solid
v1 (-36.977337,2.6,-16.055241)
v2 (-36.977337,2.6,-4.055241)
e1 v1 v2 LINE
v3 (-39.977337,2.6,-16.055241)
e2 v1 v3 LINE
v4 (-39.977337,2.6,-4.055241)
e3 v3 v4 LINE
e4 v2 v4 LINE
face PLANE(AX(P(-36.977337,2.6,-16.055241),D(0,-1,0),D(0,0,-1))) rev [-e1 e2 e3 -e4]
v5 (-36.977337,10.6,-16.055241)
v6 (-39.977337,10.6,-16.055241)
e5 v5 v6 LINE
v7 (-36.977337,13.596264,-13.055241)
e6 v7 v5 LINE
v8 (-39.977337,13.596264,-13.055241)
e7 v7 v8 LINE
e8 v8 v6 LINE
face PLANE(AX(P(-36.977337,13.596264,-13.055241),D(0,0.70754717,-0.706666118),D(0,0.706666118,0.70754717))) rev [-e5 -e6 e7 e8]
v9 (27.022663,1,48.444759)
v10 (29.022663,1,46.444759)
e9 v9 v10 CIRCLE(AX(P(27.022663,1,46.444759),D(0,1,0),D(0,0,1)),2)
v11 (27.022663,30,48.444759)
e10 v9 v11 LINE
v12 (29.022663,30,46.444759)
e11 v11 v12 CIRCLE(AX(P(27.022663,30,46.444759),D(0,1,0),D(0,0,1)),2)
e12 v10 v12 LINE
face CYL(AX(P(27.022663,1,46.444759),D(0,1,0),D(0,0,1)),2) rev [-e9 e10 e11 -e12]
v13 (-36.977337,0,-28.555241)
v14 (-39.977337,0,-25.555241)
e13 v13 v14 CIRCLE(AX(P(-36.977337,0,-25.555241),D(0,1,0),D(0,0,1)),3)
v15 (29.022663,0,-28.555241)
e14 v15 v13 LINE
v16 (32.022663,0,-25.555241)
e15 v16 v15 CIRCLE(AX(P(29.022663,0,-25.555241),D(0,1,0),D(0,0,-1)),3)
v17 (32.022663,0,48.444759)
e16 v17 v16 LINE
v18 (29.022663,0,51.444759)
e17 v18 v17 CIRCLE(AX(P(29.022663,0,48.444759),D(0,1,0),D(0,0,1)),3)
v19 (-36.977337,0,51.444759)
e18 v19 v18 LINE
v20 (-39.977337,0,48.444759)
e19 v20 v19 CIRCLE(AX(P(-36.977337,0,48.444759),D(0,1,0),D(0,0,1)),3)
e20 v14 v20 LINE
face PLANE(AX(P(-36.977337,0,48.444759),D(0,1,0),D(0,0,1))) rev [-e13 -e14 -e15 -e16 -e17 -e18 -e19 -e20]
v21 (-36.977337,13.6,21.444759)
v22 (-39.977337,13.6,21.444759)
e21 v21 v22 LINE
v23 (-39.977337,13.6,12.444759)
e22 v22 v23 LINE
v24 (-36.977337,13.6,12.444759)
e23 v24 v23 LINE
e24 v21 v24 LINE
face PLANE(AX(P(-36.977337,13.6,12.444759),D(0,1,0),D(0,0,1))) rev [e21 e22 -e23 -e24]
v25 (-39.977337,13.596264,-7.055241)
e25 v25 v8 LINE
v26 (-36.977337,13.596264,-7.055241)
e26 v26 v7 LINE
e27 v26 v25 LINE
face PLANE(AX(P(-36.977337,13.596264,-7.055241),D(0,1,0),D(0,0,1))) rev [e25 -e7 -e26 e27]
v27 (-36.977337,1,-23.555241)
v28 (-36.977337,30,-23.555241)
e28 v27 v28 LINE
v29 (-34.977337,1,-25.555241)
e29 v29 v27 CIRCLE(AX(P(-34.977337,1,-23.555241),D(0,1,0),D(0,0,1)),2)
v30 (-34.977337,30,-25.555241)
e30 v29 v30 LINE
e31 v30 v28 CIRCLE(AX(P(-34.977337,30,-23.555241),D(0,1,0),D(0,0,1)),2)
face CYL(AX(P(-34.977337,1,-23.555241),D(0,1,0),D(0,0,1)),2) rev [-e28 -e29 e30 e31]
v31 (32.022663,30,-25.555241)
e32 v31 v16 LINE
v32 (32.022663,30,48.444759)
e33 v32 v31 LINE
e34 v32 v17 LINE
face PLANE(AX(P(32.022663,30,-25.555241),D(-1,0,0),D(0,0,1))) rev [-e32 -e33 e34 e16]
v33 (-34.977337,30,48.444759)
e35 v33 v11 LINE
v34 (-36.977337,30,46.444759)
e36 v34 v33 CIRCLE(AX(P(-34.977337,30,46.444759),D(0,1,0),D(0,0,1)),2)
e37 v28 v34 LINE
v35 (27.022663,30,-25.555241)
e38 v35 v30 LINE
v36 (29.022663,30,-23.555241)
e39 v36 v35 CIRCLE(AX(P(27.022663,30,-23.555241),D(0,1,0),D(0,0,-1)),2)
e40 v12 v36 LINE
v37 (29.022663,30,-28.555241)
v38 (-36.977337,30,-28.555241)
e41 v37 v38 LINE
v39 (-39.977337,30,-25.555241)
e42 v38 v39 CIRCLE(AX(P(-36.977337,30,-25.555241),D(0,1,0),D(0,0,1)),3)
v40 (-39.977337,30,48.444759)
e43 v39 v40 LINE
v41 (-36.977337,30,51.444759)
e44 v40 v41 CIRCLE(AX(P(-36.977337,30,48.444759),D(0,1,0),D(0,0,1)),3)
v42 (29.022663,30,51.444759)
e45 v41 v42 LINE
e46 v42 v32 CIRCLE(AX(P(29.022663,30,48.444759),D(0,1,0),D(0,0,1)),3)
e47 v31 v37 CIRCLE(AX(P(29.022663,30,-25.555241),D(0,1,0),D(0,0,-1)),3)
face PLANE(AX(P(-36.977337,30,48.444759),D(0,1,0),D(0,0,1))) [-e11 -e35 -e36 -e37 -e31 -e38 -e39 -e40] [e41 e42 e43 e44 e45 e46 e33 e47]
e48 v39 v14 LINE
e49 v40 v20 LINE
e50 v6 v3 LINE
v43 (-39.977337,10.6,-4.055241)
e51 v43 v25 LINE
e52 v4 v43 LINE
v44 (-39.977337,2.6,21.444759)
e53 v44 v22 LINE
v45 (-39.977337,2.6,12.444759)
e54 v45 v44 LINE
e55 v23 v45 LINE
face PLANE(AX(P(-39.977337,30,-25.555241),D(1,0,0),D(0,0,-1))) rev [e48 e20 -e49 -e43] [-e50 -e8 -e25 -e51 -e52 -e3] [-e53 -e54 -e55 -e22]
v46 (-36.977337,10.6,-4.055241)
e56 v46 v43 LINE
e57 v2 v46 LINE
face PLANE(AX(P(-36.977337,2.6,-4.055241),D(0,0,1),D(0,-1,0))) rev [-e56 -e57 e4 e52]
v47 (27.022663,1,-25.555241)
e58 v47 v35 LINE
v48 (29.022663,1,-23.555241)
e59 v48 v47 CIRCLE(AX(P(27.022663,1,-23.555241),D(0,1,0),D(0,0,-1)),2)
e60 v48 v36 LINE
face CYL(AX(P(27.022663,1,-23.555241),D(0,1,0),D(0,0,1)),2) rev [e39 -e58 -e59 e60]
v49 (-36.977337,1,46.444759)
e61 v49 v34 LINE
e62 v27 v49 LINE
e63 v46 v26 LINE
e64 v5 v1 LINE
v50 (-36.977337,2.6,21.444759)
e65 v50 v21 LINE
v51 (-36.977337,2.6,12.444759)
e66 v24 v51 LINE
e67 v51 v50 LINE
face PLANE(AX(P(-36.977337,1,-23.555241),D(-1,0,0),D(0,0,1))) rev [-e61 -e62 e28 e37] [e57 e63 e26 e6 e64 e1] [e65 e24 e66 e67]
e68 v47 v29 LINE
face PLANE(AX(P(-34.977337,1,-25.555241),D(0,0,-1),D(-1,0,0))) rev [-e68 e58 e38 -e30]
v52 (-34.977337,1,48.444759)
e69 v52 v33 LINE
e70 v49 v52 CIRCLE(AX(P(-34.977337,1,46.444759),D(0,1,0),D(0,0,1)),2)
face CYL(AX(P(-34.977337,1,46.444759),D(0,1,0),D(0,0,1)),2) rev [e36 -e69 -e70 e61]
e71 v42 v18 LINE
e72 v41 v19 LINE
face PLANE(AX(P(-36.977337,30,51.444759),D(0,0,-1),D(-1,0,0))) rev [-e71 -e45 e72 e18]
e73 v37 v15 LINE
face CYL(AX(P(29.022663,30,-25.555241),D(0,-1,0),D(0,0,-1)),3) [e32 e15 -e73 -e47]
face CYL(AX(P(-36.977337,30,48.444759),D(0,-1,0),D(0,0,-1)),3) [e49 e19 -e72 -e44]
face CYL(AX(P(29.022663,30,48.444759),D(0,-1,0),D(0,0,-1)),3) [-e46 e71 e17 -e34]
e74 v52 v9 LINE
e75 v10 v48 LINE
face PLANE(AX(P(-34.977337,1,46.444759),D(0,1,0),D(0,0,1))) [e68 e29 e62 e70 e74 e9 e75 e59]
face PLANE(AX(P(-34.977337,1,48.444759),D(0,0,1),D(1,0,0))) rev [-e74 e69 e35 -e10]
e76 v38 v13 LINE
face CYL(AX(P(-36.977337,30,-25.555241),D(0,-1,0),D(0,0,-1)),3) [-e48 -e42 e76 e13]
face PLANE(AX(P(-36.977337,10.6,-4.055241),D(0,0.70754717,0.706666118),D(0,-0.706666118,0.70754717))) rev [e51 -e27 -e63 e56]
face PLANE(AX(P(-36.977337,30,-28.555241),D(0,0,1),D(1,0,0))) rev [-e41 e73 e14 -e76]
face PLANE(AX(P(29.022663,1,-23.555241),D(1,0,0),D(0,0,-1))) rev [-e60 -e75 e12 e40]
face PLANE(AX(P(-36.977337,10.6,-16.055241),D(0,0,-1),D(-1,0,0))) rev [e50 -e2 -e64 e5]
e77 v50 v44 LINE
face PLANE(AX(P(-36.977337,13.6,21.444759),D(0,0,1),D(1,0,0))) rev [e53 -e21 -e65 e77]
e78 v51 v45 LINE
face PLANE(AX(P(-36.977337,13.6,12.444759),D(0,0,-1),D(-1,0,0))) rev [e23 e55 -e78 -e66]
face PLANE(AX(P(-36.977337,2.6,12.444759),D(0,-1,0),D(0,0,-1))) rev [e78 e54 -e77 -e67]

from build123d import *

# Parameters (mm, degrees)
BOSS_EXTRUDE1_DEPTH = 30
CUT_EXTRUDE1_DEPTH  = 29
CUT_EXTRUDE3_DEPTH  = 10
SKETCH6_W           = 27.115913197
SKETCH6_H           = 16.602687323
BOSS_EXTRUDE2_DEPTH = 3
SKETCH7_W           = 8.89
SKETCH7_H           = 10.922
CUT_EXTRUDE4_DEPTH  = 6350
BOSS_EXTRUDE3_START = -3
SKETCH8_W           = 8.89
SKETCH8_H           = 10.922
BOSS_EXTRUDE3_DEPTH = 3
BOSS_EXTRUDE4_START = -3
SKETCH9_W           = 8.89
SKETCH9_H           = 10.922
BOSS_EXTRUDE4_DEPTH = 3
SKETCH12_W          = 9
SKETCH12_H          = 11
CUT_EXTRUDE6_DEPTH  = 3


with BuildPart() as part:
    # Sketch2 → Boss-Extrude1 (new body)
    with BuildSketch(Plane(origin=(0, 0, 0), x_dir=(1, 0, 0), z_dir=(0, 1, 0))):
        with BuildLine():
            Line((-36.97733711, 28.555240793), (29.02266289, 28.555240793))
            ThreePointArc((29.02266289, 28.555240793), (31.143983233, 27.676561137), (32.02266289, 25.555240793))
            Line((32.02266289, 25.555240793), (32.02266289, -48.444759207))
            ThreePointArc((32.02266289, -48.444759207), (31.143983233, -50.56607955), (29.02266289, -51.444759207))
            Line((29.02266289, -51.444759207), (-36.97733711, -51.444759207))
            ThreePointArc((-36.97733711, -51.444759207), (-39.098657454, -50.56607955), (-39.97733711, -48.444759207))
            Line((-39.97733711, -48.444759207), (-39.97733711, 25.555240793))
            ThreePointArc((-39.97733711, 25.555240793), (-39.098657454, 27.676561137), (-36.97733711, 28.555240793))
        make_face()
    extrude(amount=BOSS_EXTRUDE1_DEPTH)

    # Sketch3 → Cut-Extrude1 (cut)
    with BuildSketch(Plane(origin=(0, 30, 0), x_dir=(1, 0, 0), z_dir=(0, 1, 0))):
        with BuildLine():
            Line((-34.97733711, 25.555240793), (27.02266289, 25.555240793))
            ThreePointArc((27.02266289, 25.555240793), (28.436876452, 24.969454356), (29.02266289, 23.555240793))
            Line((29.02266289, 23.555240793), (29.02266289, -46.444759207))
            ThreePointArc((29.02266289, -46.444759207), (28.436876452, -47.858972769), (27.02266289, -48.444759207))
            Line((27.02266289, -48.444759207), (-34.97733711, -48.444759207))
            ThreePointArc((-34.97733711, -48.444759207), (-36.391550673, -47.858972769), (-36.97733711, -46.444759207))
            Line((-36.97733711, -46.444759207), (-36.97733711, 23.555240793))
            ThreePointArc((-36.97733711, 23.555240793), (-36.391550673, 24.969454356), (-34.97733711, 25.555240793))
        make_face()
    extrude(amount=-CUT_EXTRUDE1_DEPTH, mode=Mode.SUBTRACT)

    # Sketch5 → Cut-Extrude3 (cut)
    with BuildSketch(Plane.ZY.offset(39.97733711)):
        Polygon((14.109885792, 14.391226726), (9.109885792, 14.391226726), (6.109885792, 11.394962385), (6.109885792, 2.391226726), (17.109885792, 2.391226726), (17.109885792, 11.394962385), align=None)
    extrude(amount=-CUT_EXTRUDE3_DEPTH, mode=Mode.SUBTRACT)

    # Sketch6 → Boss-Extrude2 (add)
    with BuildSketch(Plane.ZY.offset(39.97733711)):
        with Locations((11.822368645, 9.478185332)):
            Rectangle(SKETCH6_W, SKETCH6_H)
    extrude(amount=-BOSS_EXTRUDE2_DEPTH)

    # Sketch7 → Cut-Extrude4 (cut)
    with BuildSketch(Plane.XY.offset(51.444759207)):
        Polygon((-29.154490055, 10.403434977), (-26.106490055, 13.462), (-20.275055078, 13.462), (-17.216490055, 10.414), (-17.216490055, 2.54), (-29.154490055, 2.54), align=None)
        with Locations((19.417783934, 8.001)):
            Rectangle(SKETCH7_W, SKETCH7_H)
    extrude(amount=-CUT_EXTRUDE4_DEPTH, mode=Mode.SUBTRACT)

    # Sketch8 → Boss-Extrude3 (add)
    with BuildSketch(Plane(origin=(0, 0, -28.555240793), x_dir=(-1, 0, 0), z_dir=(0, 0, -1)).offset(BOSS_EXTRUDE3_START)):
        Polygon((26.106490055, 13.462), (20.275055078, 13.462), (17.216490055, 10.414), (17.216490055, 2.54), (29.154490055, 2.54), (29.154490055, 10.403434977), align=None)
        with Locations((-19.417783934, 8.001)):
            Rectangle(SKETCH8_W, SKETCH8_H)
    extrude(amount=BOSS_EXTRUDE3_DEPTH)

    # Sketch9 → Boss-Extrude4 (add)
    with BuildSketch(Plane.XY.offset(51.444759207).offset(BOSS_EXTRUDE4_START)):
        Polygon((-29.154490055, 2.54), (-17.216490055, 2.54), (-17.216490055, 10.414), (-20.275055078, 13.462), (-26.106490055, 13.462), (-29.154490055, 10.403434977), align=None)
        with Locations((19.417783934, 8.001)):
            Rectangle(SKETCH9_W, SKETCH9_H)
    extrude(amount=BOSS_EXTRUDE4_DEPTH)

    # Sketch12 → Cut-Extrude6 (cut)
    with BuildSketch(Plane.ZY.offset(39.97733711)):
        Polygon((-16.055240793, 10.6), (-16.055240793, 2.6), (-4.055240793, 2.6), (-4.055240793, 10.6), (-7.055240793, 13.596264341), (-13.055240793, 13.596264341), align=None)
        with Locations((16.944759207, 8.1)):
            Rectangle(SKETCH12_W, SKETCH12_H)
    extrude(amount=-CUT_EXTRUDE6_DEPTH, mode=Mode.SUBTRACT)


solid = part.part
